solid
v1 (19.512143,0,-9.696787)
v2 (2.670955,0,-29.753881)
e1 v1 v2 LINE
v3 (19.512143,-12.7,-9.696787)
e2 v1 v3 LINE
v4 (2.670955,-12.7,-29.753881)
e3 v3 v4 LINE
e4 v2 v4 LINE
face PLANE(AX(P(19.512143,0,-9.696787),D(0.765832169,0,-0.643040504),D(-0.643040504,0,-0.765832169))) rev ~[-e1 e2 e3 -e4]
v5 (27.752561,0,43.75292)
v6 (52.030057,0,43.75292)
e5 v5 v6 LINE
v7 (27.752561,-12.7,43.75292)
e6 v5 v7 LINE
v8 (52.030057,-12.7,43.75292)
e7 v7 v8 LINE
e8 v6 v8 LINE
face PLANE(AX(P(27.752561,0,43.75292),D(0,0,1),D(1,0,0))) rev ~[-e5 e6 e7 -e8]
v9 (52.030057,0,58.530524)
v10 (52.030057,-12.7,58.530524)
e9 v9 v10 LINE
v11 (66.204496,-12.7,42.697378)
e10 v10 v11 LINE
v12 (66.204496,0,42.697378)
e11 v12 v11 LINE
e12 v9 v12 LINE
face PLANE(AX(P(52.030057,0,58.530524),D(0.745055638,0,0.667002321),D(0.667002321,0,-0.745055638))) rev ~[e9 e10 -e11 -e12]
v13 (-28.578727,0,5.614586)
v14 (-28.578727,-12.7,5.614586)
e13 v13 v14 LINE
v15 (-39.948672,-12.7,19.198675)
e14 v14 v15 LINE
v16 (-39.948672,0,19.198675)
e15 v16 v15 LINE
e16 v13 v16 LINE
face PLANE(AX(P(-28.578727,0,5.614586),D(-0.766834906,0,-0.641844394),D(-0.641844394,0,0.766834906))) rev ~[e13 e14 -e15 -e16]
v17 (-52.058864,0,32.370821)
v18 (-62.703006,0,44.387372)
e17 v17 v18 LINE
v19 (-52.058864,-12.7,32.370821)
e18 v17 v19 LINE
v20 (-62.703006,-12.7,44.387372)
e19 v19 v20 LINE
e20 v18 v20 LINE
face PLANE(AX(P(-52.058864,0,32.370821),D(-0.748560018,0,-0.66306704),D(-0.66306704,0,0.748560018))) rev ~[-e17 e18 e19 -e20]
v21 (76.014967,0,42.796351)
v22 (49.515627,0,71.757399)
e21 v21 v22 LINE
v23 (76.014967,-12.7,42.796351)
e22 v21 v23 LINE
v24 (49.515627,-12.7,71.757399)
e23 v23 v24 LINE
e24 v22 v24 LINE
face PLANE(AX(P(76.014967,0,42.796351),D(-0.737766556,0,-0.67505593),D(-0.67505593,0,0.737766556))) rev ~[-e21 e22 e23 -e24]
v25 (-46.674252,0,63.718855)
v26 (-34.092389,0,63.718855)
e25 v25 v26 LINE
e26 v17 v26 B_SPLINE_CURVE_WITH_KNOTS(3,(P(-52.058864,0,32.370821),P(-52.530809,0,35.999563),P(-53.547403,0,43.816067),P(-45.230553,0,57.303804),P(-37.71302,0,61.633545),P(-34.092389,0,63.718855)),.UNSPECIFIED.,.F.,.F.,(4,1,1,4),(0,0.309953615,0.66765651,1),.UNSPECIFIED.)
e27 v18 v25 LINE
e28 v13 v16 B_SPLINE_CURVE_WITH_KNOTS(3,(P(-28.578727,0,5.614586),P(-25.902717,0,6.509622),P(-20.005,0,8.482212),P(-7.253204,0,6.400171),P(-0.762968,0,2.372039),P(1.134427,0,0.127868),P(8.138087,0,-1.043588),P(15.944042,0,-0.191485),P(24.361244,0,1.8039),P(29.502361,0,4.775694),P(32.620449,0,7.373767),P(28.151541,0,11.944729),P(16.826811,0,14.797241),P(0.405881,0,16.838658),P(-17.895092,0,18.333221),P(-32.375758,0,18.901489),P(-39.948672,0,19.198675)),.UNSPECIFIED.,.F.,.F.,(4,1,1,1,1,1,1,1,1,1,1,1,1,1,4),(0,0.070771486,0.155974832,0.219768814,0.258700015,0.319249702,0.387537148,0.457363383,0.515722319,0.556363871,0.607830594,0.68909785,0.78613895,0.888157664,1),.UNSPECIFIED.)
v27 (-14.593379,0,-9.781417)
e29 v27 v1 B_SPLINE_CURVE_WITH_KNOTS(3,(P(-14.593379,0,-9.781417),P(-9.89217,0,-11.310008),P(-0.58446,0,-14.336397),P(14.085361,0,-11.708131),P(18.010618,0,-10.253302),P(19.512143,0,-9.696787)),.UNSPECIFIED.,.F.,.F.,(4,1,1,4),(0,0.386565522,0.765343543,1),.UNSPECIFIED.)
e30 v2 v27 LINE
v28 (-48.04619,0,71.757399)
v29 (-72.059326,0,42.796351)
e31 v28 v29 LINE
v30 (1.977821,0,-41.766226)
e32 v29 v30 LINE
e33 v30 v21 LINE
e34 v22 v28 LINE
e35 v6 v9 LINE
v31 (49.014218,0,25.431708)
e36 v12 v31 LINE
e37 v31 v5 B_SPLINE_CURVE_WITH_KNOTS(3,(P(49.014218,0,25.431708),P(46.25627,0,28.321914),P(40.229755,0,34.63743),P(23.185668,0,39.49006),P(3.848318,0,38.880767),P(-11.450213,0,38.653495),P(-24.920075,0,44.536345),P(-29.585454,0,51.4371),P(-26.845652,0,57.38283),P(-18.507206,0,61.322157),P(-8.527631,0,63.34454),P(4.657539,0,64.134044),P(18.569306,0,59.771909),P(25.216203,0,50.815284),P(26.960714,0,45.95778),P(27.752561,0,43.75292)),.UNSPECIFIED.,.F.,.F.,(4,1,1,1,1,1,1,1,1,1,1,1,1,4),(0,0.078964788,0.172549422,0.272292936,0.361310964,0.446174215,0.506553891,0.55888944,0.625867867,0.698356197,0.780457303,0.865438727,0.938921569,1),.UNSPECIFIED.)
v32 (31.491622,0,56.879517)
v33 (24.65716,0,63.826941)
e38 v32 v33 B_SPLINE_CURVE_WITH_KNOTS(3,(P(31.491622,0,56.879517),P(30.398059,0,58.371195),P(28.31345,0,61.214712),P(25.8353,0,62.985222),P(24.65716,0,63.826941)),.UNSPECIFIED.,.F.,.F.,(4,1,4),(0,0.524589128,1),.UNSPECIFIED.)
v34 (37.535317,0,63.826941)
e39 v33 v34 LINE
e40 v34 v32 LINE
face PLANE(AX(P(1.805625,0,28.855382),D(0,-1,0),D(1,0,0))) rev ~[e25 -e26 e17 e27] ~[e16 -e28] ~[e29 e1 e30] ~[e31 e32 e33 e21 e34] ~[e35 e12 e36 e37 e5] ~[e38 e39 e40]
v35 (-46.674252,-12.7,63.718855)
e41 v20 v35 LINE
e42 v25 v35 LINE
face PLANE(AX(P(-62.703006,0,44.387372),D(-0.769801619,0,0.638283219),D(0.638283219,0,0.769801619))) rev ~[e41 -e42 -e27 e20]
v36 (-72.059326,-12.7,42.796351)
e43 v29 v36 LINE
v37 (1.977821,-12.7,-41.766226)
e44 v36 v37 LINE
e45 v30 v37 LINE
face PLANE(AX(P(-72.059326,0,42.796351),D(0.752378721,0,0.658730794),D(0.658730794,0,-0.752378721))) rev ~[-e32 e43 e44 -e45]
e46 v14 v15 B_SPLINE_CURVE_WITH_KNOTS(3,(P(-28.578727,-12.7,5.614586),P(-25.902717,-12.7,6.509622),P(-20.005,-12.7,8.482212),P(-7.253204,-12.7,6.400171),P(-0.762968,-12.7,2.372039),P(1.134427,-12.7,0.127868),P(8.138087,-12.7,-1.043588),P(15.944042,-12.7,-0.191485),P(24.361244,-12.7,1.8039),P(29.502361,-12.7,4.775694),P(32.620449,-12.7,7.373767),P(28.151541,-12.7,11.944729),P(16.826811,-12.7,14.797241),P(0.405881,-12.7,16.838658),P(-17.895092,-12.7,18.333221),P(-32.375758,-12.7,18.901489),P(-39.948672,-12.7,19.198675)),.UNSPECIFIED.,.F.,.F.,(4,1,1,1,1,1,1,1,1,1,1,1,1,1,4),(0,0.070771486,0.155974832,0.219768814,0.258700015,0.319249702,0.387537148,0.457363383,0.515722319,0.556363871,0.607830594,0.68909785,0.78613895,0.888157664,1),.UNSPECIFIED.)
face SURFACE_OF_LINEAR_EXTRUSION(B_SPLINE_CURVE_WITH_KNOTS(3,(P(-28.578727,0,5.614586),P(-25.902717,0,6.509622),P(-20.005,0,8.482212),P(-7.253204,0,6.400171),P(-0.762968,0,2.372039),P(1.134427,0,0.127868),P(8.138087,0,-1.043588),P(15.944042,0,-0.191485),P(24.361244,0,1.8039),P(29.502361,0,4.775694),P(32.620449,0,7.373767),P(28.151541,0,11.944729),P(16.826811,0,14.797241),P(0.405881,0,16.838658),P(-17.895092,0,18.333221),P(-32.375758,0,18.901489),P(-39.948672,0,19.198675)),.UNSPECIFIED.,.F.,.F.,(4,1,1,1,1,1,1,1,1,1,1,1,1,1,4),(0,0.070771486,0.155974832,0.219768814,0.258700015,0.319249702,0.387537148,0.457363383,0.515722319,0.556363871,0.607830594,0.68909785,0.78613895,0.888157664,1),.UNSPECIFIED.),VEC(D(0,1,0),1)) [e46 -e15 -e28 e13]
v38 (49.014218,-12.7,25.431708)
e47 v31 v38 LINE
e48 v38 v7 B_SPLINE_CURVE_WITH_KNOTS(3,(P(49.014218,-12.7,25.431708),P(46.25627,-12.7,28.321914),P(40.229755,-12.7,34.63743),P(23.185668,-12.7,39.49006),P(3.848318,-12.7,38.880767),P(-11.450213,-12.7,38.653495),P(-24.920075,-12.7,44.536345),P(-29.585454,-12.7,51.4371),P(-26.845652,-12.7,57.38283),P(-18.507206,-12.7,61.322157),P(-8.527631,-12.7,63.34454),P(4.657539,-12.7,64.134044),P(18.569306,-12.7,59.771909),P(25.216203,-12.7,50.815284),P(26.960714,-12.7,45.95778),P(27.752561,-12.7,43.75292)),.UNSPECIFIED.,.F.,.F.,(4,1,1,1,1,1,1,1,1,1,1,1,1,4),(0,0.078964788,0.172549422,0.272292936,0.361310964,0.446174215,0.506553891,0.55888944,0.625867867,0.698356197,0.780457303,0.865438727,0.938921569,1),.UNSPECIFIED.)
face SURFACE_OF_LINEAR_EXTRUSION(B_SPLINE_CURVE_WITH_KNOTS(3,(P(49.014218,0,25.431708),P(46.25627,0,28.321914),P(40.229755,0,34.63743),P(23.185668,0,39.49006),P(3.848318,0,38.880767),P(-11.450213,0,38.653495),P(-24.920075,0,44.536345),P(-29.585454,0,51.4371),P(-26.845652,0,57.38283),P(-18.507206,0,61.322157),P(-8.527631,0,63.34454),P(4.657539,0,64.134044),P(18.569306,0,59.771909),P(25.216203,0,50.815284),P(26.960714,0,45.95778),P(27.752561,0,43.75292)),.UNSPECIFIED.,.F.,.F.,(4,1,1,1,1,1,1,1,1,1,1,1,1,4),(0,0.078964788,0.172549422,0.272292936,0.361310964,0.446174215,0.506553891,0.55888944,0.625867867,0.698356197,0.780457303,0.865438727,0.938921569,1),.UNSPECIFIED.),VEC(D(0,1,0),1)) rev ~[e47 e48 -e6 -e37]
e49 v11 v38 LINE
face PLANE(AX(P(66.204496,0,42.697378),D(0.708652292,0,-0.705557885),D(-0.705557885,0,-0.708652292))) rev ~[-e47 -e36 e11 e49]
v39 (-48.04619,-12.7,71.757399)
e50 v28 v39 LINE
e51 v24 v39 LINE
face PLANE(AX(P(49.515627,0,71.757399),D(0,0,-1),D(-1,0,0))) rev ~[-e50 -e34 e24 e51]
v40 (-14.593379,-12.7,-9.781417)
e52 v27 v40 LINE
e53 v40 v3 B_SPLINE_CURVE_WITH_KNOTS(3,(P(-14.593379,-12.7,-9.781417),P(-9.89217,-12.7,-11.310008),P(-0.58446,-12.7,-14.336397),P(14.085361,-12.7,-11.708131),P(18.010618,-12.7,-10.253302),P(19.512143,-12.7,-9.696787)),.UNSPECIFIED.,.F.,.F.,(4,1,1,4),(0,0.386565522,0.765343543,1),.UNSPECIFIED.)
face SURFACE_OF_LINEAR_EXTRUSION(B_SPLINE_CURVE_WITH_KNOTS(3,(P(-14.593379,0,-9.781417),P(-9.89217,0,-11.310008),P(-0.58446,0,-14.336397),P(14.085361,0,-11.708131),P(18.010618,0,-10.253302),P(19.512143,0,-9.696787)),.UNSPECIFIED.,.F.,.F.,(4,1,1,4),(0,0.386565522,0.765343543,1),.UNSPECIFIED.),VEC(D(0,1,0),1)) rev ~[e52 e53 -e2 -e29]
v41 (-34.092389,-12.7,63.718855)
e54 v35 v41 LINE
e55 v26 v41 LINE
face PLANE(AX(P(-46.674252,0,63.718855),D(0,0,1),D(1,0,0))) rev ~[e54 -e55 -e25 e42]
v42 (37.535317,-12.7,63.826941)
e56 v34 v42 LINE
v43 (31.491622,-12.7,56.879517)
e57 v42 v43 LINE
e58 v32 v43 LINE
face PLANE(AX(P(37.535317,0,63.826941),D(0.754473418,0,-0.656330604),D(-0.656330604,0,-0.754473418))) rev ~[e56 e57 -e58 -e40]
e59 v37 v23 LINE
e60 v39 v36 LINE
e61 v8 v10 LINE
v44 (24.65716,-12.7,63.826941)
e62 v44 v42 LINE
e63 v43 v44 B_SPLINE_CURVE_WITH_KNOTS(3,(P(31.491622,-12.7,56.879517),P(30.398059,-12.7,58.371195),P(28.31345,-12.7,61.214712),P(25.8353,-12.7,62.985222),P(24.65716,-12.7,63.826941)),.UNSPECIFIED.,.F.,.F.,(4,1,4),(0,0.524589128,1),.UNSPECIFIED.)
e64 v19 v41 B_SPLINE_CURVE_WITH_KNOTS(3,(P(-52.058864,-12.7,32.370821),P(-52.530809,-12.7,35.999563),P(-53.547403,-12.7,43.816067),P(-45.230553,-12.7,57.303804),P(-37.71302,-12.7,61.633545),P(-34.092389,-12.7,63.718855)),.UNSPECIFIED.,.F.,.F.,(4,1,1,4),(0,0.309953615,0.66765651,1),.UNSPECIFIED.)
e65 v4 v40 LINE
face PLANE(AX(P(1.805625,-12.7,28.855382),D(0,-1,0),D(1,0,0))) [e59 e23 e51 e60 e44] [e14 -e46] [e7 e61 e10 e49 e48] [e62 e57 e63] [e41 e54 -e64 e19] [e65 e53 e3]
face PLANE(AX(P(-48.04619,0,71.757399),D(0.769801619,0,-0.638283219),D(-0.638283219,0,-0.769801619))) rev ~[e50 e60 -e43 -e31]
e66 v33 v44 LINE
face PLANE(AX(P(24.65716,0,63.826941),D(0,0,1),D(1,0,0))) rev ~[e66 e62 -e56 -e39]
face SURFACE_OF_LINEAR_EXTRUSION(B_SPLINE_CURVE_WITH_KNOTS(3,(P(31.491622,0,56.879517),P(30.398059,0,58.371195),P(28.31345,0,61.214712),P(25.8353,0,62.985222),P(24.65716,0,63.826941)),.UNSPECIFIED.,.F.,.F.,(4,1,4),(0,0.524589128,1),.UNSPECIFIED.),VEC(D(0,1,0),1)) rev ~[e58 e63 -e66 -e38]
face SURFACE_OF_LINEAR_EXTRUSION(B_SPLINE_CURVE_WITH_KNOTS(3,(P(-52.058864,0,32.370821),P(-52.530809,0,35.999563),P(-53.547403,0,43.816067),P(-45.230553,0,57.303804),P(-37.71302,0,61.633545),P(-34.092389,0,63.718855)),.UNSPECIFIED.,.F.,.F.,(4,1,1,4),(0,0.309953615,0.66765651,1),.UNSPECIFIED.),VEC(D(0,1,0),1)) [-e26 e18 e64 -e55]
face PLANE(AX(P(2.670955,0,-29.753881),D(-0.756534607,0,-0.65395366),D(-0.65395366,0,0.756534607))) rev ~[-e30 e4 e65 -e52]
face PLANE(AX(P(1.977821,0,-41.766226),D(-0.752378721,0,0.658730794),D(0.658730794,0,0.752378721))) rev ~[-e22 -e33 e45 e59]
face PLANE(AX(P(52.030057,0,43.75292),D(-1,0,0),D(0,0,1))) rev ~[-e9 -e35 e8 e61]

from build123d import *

# Parameters (mm, degrees)
F1_DEPTH = 12.7


with BuildPart() as f1:
    # F0 (on Front) → F1 (new body)
    with BuildSketch(Plane.XZ):
        Polygon((49.5156273246, 71.7573985457), (-48.0461902916, 71.7573985457), (-72.0593258739, 42.7963510156), (1.9778207592, -41.7662262917), (76.0149673923, 42.7963510156), align=None)
        with BuildLine():
            Line((-28.5787265748, 5.6145861745), (-39.9486720562, 19.1986747086))
            add(Edge.make_bspline(
                [(-28.5787265748, 5.6145861745), (-25.9027167835, 6.5096223689), (-20.0050000403, 8.4822122924), (-7.2532043465, 6.4001713349), (-0.7629676529, 2.3720393696), (1.1344269862, 0.1278681073), (8.1380871904, -1.0435877482), (15.9440418285, -0.1914846135), (24.3612443489, 1.8039001109), (29.5023608802, 4.7756940545), (32.620448516, 7.3737666802), (28.1515406227, 11.944729245), (16.8268110552, 14.797241457), (0.4058812109, 16.8386577426), (-17.8950922067, 18.3332214721), (-32.3757575815, 18.9014892455), (-39.9486720562, 19.1986747086)],
                knots=[0, 0, 0, 0, 0.0707714858, 0.1559748318, 0.2197688138, 0.2587000152, 0.319249702, 0.3875371478, 0.4573633825, 0.5157223187, 0.5563638713, 0.607830594, 0.6890978499, 0.7861389504, 0.8881576643, 1, 1, 1, 1], degree=3))
        make_face(mode=Mode.SUBTRACT)
        with BuildLine():
            Line((2.6709551457, -29.7538805753), (-14.5933786407, -9.7814165056))
            add(Edge.make_bspline(
                [(-14.5933786407, -9.7814165056), (-9.8921698564, -11.310008082), (-0.5844598135, -14.3363972131), (14.0853614865, -11.7081309), (18.0106184855, -10.2533015789), (19.5121429861, -9.6967872232)],
                knots=[0, 0, 0, 0, 0.3865655218, 0.7653435434, 1, 1, 1, 1], degree=3))
            Line((19.5121429861, -9.6967872232), (2.6709551457, -29.7538805753))
        make_face(mode=Mode.SUBTRACT)
        with BuildLine():
            Line((-62.7030064071, 44.3873720147), (-46.6742515564, 63.718855381))
            Line((-46.6742515564, 63.718855381), (-34.0923890471, 63.718855381))
            add(Edge.make_bspline(
                [(-52.0588643849, 32.3708206415), (-52.530809242, 35.9995633598), (-53.5474034713, 43.8160674515), (-45.230553125, 57.3038040417), (-37.7130198943, 61.6335446778), (-34.0923890471, 63.718855381)],
                knots=[0, 0, 0, 0, 0.3099536151, 0.6676565104, 1, 1, 1, 1], degree=3))
            Line((-52.0588643849, 32.3708206415), (-62.7030064071, 44.3873720147))
        make_face(mode=Mode.SUBTRACT)
        with BuildLine():
            Line((27.7525614947, 43.7529198825), (52.030056715, 43.7529198825))
            Line((52.030056715, 43.7529198825), (52.030056715, 58.5305243731))
            Line((52.030056715, 58.5305243731), (66.204495728, 42.6973775029))
            Line((66.204495728, 42.6973775029), (49.0142181516, 25.4317075014))
            add(Edge.make_bspline(
                [(49.0142181516, 25.4317075014), (46.2562695951, 28.3219138407), (40.2297552564, 34.6374304609), (23.1856682589, 39.4900601562), (3.8483177763, 38.8807665965), (-11.4502127816, 38.6534954816), (-24.9200745326, 44.5363446924), (-29.5854541024, 51.4371004385), (-26.8456522799, 57.3828304069), (-18.5072059551, 61.322156614), (-8.5276305428, 63.3445399233), (4.657539176, 64.134044125), (18.5693059236, 59.7719092526), (25.2162026329, 50.8152843887), (26.9607139489, 45.9577798042), (27.7525614947, 43.7529198825)],
                knots=[0, 0, 0, 0, 0.0789647883, 0.1725494219, 0.2722929364, 0.3613109635, 0.4461742153, 0.5065538907, 0.5588894397, 0.6258678665, 0.698356197, 0.7804573029, 0.8654387273, 0.9389215693, 1, 1, 1, 1], degree=3))
        make_face(mode=Mode.SUBTRACT)
        with BuildLine():
            add(Edge.make_bspline(
                [(31.4916223288, 56.879516691), (30.3980591496, 58.3711949254), (28.3134502211, 61.2147121773), (25.8352997305, 62.9852215488), (24.6571600437, 63.8269409537)],
                knots=[0, 0, 0, 0, 0.5245891276, 1, 1, 1, 1], degree=3))
            Line((24.6571600437, 63.8269409537), (37.5353172421, 63.8269409537))
            Line((37.5353172421, 63.8269409537), (31.4916223288, 56.879516691))
        make_face(mode=Mode.SUBTRACT)
    extrude(amount=F1_DEPTH)


solid = f1.part
